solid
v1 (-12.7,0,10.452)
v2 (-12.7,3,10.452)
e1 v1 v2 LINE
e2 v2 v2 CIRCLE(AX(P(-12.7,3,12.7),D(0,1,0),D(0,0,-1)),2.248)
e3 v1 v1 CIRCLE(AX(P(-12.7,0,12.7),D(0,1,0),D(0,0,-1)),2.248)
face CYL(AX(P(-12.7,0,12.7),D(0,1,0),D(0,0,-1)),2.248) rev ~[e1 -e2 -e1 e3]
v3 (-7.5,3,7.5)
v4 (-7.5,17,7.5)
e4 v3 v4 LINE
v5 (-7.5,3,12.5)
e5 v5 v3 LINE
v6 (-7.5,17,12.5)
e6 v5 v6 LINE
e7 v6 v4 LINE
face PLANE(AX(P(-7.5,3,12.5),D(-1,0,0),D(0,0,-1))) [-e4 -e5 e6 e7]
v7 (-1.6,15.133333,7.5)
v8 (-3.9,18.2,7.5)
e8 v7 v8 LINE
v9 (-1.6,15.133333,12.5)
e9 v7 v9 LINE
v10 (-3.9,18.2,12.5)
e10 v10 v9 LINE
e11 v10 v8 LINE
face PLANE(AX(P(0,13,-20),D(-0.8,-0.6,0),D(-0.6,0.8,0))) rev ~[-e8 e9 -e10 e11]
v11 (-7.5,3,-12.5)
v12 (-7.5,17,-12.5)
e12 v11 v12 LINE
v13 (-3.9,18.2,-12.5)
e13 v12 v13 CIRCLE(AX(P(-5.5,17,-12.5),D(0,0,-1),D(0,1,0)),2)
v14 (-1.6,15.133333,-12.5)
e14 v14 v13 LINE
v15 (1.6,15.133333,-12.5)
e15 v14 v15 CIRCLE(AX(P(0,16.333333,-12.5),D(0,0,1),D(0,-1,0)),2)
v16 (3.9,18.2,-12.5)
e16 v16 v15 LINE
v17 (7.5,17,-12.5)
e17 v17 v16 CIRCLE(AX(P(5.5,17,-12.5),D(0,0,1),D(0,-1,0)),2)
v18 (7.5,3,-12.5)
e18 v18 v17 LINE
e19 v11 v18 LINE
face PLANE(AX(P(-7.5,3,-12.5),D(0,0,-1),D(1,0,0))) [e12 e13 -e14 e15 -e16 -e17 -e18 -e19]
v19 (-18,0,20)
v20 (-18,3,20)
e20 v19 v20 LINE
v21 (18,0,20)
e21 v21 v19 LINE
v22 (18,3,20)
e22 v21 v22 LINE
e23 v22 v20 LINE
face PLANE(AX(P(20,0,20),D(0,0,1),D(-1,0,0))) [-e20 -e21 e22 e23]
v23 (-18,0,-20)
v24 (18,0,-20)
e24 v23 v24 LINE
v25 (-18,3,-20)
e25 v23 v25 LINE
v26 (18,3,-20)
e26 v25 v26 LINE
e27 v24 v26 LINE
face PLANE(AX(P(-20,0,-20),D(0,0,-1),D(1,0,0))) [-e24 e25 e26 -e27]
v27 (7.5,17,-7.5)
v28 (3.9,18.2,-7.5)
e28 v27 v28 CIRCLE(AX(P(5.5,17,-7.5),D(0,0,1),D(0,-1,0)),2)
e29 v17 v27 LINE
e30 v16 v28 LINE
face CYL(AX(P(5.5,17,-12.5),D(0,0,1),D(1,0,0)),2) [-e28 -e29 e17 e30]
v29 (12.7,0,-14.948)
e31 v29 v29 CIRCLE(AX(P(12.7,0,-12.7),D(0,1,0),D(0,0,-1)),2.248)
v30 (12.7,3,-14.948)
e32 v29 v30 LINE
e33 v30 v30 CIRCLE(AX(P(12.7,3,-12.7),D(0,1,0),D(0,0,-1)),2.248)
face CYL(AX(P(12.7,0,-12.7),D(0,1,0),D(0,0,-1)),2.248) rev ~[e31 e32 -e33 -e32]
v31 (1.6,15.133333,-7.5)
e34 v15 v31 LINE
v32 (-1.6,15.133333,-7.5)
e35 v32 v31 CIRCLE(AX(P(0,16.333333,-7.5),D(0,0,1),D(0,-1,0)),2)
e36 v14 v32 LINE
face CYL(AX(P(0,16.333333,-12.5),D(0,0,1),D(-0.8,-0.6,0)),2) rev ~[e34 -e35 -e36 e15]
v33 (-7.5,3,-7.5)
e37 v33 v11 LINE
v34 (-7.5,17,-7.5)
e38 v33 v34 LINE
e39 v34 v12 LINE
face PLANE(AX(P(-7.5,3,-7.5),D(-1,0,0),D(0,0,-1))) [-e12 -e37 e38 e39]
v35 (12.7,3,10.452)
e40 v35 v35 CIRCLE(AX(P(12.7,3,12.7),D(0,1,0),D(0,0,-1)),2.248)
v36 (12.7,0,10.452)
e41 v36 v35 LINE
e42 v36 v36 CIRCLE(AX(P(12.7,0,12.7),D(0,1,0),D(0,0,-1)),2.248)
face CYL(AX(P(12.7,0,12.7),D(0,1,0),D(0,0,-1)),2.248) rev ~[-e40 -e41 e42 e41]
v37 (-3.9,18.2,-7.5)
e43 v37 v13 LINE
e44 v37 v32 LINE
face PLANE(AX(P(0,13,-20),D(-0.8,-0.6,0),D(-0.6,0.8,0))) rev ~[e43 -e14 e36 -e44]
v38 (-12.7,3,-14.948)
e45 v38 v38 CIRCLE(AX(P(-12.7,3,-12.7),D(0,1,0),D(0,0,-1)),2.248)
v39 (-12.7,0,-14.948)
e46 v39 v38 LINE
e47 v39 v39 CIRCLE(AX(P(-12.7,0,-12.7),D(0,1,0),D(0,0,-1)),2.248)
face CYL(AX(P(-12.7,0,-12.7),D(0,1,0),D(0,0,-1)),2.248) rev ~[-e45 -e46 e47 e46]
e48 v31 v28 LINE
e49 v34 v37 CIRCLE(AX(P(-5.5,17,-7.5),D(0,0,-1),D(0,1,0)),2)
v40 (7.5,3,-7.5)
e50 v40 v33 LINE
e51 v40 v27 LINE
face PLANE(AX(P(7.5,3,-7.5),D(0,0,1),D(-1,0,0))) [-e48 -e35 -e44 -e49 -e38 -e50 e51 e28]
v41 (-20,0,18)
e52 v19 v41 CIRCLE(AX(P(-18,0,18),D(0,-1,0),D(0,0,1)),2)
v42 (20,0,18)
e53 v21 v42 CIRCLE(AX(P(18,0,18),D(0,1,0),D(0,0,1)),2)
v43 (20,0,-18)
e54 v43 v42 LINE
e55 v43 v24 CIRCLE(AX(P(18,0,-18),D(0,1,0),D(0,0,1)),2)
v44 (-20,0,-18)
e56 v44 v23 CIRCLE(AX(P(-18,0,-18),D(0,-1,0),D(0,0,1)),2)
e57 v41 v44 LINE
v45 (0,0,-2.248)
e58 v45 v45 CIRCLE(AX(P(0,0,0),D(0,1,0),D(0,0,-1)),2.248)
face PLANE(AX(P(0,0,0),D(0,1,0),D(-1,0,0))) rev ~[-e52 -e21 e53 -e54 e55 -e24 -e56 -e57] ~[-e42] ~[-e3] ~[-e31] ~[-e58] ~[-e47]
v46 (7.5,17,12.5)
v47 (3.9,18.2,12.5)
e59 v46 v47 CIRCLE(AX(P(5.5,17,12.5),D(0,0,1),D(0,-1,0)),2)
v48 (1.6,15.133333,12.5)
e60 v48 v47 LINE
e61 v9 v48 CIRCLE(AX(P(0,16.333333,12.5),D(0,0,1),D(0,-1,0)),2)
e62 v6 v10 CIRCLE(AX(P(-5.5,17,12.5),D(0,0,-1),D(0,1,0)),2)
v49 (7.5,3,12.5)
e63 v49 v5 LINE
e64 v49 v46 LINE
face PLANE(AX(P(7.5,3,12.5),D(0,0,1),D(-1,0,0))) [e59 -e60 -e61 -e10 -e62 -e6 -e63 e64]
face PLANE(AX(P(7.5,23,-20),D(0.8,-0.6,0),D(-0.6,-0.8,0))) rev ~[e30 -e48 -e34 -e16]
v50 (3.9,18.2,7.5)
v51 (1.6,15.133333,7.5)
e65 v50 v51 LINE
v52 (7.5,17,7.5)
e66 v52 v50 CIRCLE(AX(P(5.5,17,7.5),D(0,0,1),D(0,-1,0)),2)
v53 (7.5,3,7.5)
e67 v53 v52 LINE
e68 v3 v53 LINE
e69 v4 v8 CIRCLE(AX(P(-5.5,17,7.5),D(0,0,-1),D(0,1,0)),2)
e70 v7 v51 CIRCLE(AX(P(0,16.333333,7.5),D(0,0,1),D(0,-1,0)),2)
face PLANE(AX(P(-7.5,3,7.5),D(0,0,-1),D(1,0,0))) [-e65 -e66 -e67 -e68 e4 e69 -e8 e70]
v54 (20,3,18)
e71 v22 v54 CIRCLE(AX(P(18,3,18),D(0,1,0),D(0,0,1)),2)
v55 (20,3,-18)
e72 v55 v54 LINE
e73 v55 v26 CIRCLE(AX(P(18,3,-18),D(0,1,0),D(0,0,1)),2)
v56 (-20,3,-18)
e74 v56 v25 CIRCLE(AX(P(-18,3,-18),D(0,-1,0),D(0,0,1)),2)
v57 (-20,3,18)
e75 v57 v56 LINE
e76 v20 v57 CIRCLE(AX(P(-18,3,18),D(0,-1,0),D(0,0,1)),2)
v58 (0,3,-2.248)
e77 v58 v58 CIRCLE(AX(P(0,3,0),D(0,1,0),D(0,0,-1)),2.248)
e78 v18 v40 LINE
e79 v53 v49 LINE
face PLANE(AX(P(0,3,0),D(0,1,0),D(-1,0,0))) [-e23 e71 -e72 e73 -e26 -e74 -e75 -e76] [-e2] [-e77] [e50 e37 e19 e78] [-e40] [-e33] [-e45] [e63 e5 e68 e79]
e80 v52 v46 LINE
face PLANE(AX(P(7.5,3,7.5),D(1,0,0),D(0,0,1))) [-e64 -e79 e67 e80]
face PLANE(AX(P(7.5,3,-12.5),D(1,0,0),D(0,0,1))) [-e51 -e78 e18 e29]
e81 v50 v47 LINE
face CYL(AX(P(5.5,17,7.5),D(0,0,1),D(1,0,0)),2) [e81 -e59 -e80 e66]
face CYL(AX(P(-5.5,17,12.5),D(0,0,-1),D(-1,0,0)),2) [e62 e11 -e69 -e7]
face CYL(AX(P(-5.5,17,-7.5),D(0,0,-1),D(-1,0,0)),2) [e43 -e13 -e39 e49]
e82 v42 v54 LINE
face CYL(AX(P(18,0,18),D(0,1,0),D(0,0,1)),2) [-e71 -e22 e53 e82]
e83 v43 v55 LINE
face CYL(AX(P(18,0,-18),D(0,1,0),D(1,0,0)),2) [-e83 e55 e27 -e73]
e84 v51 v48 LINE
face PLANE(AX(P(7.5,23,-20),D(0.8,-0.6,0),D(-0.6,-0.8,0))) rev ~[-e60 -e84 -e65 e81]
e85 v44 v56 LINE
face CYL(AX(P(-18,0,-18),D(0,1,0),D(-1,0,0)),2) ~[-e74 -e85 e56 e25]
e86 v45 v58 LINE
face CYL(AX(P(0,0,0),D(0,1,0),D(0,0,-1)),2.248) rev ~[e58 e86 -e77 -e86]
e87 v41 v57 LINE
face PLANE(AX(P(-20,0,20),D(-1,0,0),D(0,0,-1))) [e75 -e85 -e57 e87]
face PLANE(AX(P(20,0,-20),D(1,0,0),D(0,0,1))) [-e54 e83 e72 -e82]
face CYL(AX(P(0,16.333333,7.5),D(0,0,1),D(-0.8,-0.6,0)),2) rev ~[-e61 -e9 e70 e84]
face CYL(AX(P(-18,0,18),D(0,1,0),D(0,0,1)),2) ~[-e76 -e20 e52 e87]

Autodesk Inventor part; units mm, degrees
ref_plane "YZ Plane" through (0, 0, 0) normal (1, 0, 0) x (0, 1, 0)
ref_plane "XZ Plane" through (0, 0, 0) normal (0, 1, 0) x (-1, 0, 0)
ref_plane "XY Plane" through (0, 0, 0) normal (0, 0, 1) x (1, 0, 0)
sketch "Sketch1" plane through (0, 0, 0) normal (0, 1, 0) x (-1, 0, 0)
  line L0 (-20, 20) -> (20, 20)
  line L1 (20, 20) -> (20, -20)
  line L2 (20, -20) -> (-20, -20)
  line L3 (-20, -20) -> (-20, 20)
  line L4 (-20, 20) -> (20, -20) construction
  line L5 (20, 20) -> (-20, -20) construction
  point P0 (0, 0)
  dimension "d0" = 40
  dimension "d1" = 40
extrude "Extrusion1" add sketch "Sketch1" along normal blind 3
sketch "Sketch2" plane through (0, 3, 0) normal (0, 1, 0) x (1, 0, 0)
  line L0 (-7.5, 12.5) -> (7.5, 12.5)
  line L1 (7.5, 12.5) -> (7.5, 7.5)
  line L2 (7.5, 7.5) -> (-7.5, 7.5)
  line L3 (-7.5, 7.5) -> (-7.5, 12.5)
  line L4 (-7.5, -7.5) -> (7.5, -7.5)
  line L5 (7.5, -7.5) -> (7.5, -12.5)
  line L6 (7.5, -12.5) -> (-7.5, -12.5)
  line L7 (-7.5, -12.5) -> (-7.5, -7.5)
  line L8 (0, 7.5) -> (0, -7.5) construction
  point P0 (-20, 20)
  point P1 (20, 20)
  point P2 (0, 0)
  point P3 (0, 0)
  dimension "d10" = 15
  dimension "d11" = 15
  dimension "d12" = 5
extrude "Extrusion2" add sketch "Sketch2" along normal blind 20
sketch "Sketch3" plane through (20, 0, -20) normal (0, 0, -1) x (-1, 0, 0)
  line L0 (40, 0) -> (0, 0) projected
  line L1 (12.5, 23) -> (27.5, 23) projected
  line L2 (12.5, 3) -> (12.5, 23) projected
  line L3 (12.5, 23) -> (20, 13)
  line L4 (20, 13) -> (27.5, 23)
  point P0 (20, 0)
  point P1 (20, 0)
  point P2 (20, 0)
  dimension "d13" = 10
extrude "Extrusion3" cut sketch "Sketch3" against normal through all
fillet "Fillet1" radius 2 10 edges at (0, 13, 10) (0, 13, -10) (-7.5, 23, -10) (-7.5, 23, 10) (7.5, 23, 10) (7.5, 23, -10) (20, 1.5, 20) (20, 1.5, -20) (-20, 1.5, -20) (-20, 1.5, 20)
sketch "Sketch5" plane through (0, 0, 0) normal (0, -1, 0) x (1, 0, 0)
  line L0 (12.7, -12.7) -> (-12.7, -12.7) construction
  line L1 (-12.7, -12.7) -> (-12.7, 12.7) construction
  point P0 (0, 0)
  point P1 (12.7, 12.7)
  point P2 (0, -12.7)
  point P3 (-12.7, 0)
  point P4 (0, 0)
  dimension "d14" = 25.4
  dimension "d15" = 25.4
hole "Hole1" at (12.7, 0, -12.7) at (-12.7, 0, -12.7) at (12.7, 0, 12.7) at (-12.7, 0, 12.7) at (0, 0, 0) direction (0, 1, 0) diameter 4.496 end through all clearance for "Flat Head Machine Screw (82)" size "#8" standard "Ansi Unified Screw Threads"
properties part number "CapillaryHolder"
